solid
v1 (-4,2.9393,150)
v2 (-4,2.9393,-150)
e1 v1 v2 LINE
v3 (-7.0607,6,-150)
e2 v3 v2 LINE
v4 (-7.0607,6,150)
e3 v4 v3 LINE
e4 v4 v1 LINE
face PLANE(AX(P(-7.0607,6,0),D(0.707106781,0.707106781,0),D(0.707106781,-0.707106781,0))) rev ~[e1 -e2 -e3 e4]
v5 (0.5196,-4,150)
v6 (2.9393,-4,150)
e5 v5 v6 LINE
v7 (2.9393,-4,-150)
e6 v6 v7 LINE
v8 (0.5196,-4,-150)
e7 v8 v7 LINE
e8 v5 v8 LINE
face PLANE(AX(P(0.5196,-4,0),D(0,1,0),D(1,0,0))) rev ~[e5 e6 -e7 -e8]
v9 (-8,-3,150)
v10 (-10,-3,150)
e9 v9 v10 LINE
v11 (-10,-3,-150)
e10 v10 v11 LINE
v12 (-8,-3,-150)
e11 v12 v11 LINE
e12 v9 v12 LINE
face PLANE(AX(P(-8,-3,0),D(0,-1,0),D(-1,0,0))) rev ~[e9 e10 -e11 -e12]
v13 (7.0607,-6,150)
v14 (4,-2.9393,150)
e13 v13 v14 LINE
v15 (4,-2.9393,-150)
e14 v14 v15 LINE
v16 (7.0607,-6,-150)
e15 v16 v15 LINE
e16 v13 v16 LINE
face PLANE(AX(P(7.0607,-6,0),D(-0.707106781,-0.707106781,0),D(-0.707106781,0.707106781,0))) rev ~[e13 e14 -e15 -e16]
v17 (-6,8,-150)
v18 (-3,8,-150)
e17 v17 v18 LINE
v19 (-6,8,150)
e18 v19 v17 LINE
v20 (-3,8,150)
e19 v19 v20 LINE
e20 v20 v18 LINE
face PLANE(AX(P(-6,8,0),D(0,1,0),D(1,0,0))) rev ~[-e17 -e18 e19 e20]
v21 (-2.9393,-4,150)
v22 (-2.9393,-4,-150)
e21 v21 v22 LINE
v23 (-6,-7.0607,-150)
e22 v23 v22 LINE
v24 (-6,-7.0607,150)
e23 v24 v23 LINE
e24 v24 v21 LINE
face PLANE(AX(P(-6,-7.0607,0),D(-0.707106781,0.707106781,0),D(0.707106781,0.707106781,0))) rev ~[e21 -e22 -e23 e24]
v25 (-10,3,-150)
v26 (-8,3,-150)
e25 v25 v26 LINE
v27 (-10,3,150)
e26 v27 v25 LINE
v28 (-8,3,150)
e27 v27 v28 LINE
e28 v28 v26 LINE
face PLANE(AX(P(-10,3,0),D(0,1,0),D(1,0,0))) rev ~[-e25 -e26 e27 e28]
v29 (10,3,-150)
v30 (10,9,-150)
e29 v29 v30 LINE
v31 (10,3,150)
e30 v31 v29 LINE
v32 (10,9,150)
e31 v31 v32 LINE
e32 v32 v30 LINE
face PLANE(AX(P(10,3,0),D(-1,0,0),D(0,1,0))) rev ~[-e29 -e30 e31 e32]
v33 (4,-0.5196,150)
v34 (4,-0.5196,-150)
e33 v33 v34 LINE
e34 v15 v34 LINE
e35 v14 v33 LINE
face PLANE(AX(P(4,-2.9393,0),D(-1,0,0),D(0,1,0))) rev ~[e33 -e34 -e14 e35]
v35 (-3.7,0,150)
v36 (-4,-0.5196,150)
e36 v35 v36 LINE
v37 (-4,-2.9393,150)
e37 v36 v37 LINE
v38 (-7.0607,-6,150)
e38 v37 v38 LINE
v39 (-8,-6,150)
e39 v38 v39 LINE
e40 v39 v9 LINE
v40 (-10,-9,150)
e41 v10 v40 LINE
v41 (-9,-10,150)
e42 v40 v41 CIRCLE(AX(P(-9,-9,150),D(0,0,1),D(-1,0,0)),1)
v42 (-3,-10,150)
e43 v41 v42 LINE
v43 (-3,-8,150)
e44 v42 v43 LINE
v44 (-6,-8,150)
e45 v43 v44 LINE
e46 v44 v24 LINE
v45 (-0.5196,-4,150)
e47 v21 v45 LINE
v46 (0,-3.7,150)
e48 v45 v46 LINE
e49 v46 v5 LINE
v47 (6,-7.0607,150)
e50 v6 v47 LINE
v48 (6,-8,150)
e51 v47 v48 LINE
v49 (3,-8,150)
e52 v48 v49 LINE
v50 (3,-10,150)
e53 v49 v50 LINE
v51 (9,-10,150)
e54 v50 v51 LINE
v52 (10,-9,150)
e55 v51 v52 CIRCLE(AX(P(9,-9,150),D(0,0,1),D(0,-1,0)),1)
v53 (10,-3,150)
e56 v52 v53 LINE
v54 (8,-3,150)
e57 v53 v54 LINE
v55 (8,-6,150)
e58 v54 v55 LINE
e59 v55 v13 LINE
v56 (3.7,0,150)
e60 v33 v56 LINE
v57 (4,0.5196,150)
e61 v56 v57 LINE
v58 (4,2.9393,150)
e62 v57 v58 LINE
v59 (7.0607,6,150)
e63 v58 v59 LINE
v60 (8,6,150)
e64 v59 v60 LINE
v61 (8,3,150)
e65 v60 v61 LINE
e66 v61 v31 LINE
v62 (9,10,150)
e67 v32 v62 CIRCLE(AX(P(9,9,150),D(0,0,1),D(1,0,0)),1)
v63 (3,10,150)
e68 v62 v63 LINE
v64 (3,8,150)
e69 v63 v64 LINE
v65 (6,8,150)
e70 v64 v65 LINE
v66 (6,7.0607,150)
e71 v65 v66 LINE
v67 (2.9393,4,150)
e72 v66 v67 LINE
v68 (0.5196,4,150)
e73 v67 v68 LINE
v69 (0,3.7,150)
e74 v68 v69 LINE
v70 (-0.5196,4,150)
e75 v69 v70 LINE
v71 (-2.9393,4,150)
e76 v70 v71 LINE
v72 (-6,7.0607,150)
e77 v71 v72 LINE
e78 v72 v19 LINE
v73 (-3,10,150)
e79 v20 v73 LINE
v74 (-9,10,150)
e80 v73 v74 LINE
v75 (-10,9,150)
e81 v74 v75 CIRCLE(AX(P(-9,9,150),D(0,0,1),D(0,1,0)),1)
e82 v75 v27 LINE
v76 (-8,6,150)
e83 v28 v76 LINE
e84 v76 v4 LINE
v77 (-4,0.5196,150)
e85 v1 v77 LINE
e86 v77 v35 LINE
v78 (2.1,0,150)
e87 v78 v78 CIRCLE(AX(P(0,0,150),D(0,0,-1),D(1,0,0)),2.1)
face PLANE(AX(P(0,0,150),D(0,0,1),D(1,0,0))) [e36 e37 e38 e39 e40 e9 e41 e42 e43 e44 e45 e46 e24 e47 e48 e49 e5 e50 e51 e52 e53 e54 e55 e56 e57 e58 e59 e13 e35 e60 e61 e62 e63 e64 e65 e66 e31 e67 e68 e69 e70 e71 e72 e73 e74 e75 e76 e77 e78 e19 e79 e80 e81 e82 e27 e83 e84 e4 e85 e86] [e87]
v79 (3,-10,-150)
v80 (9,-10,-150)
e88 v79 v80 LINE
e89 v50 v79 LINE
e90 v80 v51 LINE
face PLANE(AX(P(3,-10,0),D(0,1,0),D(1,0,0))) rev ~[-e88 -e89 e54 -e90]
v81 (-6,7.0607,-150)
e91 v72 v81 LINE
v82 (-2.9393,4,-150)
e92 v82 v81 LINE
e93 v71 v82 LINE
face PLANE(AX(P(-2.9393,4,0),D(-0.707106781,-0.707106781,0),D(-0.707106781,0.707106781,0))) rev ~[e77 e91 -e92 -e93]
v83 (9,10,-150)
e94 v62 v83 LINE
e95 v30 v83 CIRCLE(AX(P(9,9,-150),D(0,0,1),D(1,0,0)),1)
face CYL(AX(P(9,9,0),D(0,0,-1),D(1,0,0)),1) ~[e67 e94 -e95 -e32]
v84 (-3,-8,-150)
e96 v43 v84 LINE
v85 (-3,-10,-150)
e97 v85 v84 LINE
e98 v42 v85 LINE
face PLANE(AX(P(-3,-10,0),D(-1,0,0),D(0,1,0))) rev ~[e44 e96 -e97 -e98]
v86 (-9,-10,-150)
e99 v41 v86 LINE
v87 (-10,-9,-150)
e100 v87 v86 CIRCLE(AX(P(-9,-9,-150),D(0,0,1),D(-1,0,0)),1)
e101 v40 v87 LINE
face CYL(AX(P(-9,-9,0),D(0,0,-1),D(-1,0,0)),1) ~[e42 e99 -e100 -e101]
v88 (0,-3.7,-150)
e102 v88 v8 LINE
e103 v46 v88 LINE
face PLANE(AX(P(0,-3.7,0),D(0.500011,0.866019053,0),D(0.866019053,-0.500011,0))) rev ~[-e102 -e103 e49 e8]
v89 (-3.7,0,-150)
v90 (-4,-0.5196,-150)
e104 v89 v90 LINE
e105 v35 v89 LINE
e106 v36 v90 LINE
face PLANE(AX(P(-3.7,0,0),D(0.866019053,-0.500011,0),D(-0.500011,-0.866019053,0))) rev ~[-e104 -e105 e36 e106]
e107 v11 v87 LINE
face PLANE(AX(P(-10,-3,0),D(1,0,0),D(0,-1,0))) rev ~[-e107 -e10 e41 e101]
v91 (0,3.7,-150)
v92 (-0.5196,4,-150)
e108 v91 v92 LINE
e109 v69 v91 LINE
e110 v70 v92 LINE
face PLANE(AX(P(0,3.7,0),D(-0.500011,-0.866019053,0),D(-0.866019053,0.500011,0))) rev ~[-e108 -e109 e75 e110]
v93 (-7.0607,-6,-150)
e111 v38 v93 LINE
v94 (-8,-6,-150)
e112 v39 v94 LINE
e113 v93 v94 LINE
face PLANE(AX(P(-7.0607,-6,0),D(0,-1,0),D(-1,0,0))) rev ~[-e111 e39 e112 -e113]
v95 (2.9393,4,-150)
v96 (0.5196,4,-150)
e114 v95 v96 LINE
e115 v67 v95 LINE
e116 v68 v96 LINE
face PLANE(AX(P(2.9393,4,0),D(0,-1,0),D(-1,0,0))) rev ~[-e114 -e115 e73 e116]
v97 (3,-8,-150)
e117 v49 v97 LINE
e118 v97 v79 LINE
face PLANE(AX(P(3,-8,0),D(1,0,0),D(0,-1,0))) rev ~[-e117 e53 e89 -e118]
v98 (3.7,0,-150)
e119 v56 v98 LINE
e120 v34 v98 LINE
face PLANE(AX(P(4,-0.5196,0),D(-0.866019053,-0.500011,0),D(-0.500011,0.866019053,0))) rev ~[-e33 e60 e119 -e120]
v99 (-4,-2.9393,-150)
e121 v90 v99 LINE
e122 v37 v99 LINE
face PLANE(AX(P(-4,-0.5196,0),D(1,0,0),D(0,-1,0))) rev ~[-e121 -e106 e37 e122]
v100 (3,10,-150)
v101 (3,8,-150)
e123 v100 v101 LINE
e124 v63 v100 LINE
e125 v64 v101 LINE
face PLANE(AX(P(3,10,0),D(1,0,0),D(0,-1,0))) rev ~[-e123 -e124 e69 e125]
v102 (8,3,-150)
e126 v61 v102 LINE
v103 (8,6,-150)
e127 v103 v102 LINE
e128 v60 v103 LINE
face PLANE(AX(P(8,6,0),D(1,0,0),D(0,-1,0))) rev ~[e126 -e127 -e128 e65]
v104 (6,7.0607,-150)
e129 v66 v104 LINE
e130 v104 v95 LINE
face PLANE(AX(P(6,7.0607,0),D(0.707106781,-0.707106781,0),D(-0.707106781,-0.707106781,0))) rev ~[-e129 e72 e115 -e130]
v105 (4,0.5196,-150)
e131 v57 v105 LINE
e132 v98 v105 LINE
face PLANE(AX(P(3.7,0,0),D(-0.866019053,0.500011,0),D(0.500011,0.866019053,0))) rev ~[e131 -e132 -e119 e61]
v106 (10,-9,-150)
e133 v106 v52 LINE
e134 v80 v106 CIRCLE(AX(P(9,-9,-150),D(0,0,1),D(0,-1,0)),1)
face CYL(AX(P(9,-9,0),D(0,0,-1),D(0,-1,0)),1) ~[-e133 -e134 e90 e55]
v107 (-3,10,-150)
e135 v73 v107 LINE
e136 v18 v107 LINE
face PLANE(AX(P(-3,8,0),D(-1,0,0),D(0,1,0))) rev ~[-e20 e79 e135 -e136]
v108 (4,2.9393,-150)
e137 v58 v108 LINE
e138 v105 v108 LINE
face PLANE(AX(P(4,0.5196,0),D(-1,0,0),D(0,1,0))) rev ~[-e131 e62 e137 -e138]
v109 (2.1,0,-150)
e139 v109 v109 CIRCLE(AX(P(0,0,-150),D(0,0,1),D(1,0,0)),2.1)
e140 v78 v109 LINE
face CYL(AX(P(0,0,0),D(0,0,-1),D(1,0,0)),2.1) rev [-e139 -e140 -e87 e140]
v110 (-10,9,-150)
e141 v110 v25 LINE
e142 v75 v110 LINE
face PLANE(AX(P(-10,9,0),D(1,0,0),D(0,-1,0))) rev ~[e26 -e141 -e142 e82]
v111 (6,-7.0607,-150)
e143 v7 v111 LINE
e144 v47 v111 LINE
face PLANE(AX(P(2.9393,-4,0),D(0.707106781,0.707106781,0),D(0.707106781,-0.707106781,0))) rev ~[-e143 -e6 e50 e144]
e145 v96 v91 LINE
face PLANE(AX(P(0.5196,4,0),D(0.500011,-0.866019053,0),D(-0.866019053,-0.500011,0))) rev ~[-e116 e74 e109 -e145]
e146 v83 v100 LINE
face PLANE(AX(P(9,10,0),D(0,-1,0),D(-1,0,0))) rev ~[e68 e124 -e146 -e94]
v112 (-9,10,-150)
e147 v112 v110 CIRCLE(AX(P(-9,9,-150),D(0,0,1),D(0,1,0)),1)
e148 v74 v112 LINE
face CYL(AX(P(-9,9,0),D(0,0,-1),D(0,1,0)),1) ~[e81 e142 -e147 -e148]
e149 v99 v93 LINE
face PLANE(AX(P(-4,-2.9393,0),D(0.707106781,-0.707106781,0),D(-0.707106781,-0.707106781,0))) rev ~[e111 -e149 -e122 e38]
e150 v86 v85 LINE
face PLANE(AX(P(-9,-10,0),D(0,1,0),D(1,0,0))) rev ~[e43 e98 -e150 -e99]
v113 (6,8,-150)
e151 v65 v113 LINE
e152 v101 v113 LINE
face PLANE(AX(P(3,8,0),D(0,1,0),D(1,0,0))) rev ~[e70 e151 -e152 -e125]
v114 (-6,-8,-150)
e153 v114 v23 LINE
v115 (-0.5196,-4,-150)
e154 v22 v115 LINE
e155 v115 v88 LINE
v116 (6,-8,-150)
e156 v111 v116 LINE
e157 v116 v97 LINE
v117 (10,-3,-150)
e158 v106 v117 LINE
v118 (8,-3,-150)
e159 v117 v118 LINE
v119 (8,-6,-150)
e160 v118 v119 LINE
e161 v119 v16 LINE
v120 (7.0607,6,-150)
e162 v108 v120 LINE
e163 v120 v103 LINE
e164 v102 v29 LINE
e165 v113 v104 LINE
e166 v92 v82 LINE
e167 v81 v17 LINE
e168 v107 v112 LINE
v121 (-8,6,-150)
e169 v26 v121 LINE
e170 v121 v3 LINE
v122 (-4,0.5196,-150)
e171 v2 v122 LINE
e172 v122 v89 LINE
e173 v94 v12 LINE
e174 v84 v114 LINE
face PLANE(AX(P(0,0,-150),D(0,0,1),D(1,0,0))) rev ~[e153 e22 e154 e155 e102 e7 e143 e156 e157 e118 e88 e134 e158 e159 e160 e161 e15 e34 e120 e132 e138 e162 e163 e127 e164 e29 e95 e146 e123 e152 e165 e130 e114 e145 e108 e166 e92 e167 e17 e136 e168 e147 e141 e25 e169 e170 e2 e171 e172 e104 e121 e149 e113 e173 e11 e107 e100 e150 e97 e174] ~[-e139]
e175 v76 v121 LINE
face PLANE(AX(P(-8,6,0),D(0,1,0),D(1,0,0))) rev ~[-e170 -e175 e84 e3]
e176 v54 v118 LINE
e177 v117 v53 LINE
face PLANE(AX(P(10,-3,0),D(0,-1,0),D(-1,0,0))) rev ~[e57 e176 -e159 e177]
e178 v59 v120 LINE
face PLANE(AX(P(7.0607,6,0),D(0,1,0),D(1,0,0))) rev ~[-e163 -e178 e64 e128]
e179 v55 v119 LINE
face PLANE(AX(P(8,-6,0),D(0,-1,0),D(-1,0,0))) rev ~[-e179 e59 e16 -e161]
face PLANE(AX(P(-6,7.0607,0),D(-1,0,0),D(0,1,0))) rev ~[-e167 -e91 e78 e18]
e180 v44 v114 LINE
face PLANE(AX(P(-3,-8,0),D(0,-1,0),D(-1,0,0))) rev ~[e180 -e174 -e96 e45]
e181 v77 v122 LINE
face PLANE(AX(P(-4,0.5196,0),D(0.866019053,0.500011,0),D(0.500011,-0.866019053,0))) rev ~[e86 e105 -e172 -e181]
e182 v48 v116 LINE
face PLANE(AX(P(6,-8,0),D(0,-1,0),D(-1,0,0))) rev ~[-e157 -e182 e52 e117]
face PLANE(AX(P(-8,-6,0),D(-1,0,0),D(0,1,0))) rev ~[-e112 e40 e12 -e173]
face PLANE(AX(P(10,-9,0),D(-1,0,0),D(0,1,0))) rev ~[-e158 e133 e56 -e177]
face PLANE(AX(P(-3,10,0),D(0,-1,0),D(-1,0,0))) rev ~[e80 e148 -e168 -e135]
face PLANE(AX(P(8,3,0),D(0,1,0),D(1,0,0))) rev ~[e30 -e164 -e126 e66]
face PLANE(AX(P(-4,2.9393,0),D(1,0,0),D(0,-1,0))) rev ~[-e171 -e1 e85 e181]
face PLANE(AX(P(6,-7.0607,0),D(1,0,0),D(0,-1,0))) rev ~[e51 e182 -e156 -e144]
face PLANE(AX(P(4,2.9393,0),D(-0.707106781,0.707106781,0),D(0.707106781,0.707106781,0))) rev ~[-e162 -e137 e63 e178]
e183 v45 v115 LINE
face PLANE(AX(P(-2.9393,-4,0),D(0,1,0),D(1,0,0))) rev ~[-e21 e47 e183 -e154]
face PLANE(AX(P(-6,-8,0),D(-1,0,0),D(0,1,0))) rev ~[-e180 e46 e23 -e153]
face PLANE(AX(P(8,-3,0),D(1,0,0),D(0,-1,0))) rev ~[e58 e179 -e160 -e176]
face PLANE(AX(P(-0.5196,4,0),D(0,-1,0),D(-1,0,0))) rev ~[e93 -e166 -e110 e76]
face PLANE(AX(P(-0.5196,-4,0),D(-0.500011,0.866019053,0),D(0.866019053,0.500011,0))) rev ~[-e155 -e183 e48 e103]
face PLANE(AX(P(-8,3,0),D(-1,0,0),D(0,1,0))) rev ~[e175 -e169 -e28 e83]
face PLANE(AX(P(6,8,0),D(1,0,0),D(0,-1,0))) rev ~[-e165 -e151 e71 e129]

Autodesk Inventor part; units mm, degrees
ref_plane "YZ Plane" through (0, 0, 0) normal (1, 0, 0) x (0, 1, 0)
ref_plane "XZ Plane" through (0, 0, 0) normal (0, 1, 0) x (-1, 0, 0)
ref_plane "XY Plane" through (0, 0, 0) normal (0, 0, 1) x (1, 0, 0)
sketch "Sketch1" plane through (0, 0, 0) normal (0, 0, 1) x (1, 0, 0)
  line L0 (-2.205, 0) -> (2.205, 0)
  line L1 (0, -2.205) -> (0, 2.205)
  arc A0 (9, -10) -> (10, -9) centre (9, -9) ccw
  line L2 (-10, 9) -> (-10, 3)
  line L3 (-10, 3) -> (-8, 3)
  line L4 (-8, 3) -> (-8, 6)
  line L5 (-8, 6) -> (-7.0607, 6)
  line L6 (-7.0607, 6) -> (-4, 2.9393)
  line L7 (-4, 2.9393) -> (-4, 0.5196)
  line L8 (-4, 0.5196) -> (-3.7, 0)
  line L9 (-3.7, 0) -> (-4, -0.5196)
  line L10 (-4, -0.5196) -> (-4, -2.9393)
  line L11 (-4, -2.9393) -> (-7.0607, -6)
  line L12 (-7.0607, -6) -> (-8, -6)
  line L13 (-8, -6) -> (-8, -3)
  line L14 (-8, -3) -> (-10, -3)
  line L15 (-10, -3) -> (-10, -9)
  arc A1 (-10, -9) -> (-9, -10) centre (-9, -9) ccw
  line L16 (-9, -10) -> (-3, -10)
  line L17 (-3, -10) -> (-3, -8)
  line L18 (-3, -8) -> (-6, -8)
  line L19 (-6, -7.0607) -> (-2.9393, -4)
  line L20 (-2.9393, -4) -> (-0.5196, -4)
  line L21 (-0.5196, -4) -> (0, -3.7)
  line L22 (0, -3.7) -> (0.5196, -4)
  line L23 (0.5196, -4) -> (2.9393, -4)
  line L24 (2.9393, -4) -> (6, -7.0607)
  line L25 (6, -7.0607) -> (6, -8)
  line L26 (6, -8) -> (3, -8)
  line L27 (3, -8) -> (3, -10)
  line L28 (3, -10) -> (9, -10)
  line L29 (10, -9) -> (10, -3)
  line L30 (10, -3) -> (8, -3)
  line L31 (8, -3) -> (8, -6)
  line L32 (8, -6) -> (7.0607, -6)
  line L33 (7.0607, -6) -> (4, -2.9393)
  line L34 (4, -2.9393) -> (4, -0.5196)
  line L35 (4, -0.5196) -> (3.7, 0)
  line L36 (3.7, 0) -> (4, 0.5196)
  line L37 (4, 0.5196) -> (4, 2.9393)
  line L38 (4, 2.9393) -> (7.0607, 6)
  line L39 (7.0607, 6) -> (8, 6)
  line L40 (8, 6) -> (8, 3)
  line L41 (8, 3) -> (10, 3)
  line L42 (10, 3) -> (10, 9)
  arc A2 (10, 9) -> (9, 10) centre (9, 9) ccw
  line L43 (9, 10) -> (3, 10)
  line L44 (3, 10) -> (3, 8)
  line L45 (3, 8) -> (6, 8)
  line L46 (6, 8) -> (6, 7.0607)
  line L47 (6, 7.0607) -> (2.9393, 4)
  line L48 (2.9393, 4) -> (0.5196, 4)
  line L49 (0.5196, 4) -> (0, 3.7)
  line L50 (0, 3.7) -> (-0.5196, 4)
  line L51 (-0.5196, 4) -> (-2.9393, 4)
  line L52 (-2.9393, 4) -> (-6, 7.0607)
  line L53 (-6, 7.0607) -> (-6, 8)
  line L54 (-6, 8) -> (-3, 8)
  line L55 (-3, 8) -> (-3, 10)
  line L56 (-3, 10) -> (-9, 10)
  arc A3 (-9, 10) -> (-10, 9) centre (-9, 9) ccw
  circle A4 centre (0, 0) radius 2.1
  line L57 (-6, -8) -> (-6, -7.0607)
extrude "Extrusion1" add sketch "Sketch1" along normal mid plane 300
equation "\"d0\" = height"
equation "\"mppcMountThickness\" = 6.35"
equation "\"height\" = 300"
equation "\"facingThickness\" = 12.7"
equation "\"facingGasketThickness\" = 1.5875"
properties part number "HFS5-2020" material "Aluminum 6061"
